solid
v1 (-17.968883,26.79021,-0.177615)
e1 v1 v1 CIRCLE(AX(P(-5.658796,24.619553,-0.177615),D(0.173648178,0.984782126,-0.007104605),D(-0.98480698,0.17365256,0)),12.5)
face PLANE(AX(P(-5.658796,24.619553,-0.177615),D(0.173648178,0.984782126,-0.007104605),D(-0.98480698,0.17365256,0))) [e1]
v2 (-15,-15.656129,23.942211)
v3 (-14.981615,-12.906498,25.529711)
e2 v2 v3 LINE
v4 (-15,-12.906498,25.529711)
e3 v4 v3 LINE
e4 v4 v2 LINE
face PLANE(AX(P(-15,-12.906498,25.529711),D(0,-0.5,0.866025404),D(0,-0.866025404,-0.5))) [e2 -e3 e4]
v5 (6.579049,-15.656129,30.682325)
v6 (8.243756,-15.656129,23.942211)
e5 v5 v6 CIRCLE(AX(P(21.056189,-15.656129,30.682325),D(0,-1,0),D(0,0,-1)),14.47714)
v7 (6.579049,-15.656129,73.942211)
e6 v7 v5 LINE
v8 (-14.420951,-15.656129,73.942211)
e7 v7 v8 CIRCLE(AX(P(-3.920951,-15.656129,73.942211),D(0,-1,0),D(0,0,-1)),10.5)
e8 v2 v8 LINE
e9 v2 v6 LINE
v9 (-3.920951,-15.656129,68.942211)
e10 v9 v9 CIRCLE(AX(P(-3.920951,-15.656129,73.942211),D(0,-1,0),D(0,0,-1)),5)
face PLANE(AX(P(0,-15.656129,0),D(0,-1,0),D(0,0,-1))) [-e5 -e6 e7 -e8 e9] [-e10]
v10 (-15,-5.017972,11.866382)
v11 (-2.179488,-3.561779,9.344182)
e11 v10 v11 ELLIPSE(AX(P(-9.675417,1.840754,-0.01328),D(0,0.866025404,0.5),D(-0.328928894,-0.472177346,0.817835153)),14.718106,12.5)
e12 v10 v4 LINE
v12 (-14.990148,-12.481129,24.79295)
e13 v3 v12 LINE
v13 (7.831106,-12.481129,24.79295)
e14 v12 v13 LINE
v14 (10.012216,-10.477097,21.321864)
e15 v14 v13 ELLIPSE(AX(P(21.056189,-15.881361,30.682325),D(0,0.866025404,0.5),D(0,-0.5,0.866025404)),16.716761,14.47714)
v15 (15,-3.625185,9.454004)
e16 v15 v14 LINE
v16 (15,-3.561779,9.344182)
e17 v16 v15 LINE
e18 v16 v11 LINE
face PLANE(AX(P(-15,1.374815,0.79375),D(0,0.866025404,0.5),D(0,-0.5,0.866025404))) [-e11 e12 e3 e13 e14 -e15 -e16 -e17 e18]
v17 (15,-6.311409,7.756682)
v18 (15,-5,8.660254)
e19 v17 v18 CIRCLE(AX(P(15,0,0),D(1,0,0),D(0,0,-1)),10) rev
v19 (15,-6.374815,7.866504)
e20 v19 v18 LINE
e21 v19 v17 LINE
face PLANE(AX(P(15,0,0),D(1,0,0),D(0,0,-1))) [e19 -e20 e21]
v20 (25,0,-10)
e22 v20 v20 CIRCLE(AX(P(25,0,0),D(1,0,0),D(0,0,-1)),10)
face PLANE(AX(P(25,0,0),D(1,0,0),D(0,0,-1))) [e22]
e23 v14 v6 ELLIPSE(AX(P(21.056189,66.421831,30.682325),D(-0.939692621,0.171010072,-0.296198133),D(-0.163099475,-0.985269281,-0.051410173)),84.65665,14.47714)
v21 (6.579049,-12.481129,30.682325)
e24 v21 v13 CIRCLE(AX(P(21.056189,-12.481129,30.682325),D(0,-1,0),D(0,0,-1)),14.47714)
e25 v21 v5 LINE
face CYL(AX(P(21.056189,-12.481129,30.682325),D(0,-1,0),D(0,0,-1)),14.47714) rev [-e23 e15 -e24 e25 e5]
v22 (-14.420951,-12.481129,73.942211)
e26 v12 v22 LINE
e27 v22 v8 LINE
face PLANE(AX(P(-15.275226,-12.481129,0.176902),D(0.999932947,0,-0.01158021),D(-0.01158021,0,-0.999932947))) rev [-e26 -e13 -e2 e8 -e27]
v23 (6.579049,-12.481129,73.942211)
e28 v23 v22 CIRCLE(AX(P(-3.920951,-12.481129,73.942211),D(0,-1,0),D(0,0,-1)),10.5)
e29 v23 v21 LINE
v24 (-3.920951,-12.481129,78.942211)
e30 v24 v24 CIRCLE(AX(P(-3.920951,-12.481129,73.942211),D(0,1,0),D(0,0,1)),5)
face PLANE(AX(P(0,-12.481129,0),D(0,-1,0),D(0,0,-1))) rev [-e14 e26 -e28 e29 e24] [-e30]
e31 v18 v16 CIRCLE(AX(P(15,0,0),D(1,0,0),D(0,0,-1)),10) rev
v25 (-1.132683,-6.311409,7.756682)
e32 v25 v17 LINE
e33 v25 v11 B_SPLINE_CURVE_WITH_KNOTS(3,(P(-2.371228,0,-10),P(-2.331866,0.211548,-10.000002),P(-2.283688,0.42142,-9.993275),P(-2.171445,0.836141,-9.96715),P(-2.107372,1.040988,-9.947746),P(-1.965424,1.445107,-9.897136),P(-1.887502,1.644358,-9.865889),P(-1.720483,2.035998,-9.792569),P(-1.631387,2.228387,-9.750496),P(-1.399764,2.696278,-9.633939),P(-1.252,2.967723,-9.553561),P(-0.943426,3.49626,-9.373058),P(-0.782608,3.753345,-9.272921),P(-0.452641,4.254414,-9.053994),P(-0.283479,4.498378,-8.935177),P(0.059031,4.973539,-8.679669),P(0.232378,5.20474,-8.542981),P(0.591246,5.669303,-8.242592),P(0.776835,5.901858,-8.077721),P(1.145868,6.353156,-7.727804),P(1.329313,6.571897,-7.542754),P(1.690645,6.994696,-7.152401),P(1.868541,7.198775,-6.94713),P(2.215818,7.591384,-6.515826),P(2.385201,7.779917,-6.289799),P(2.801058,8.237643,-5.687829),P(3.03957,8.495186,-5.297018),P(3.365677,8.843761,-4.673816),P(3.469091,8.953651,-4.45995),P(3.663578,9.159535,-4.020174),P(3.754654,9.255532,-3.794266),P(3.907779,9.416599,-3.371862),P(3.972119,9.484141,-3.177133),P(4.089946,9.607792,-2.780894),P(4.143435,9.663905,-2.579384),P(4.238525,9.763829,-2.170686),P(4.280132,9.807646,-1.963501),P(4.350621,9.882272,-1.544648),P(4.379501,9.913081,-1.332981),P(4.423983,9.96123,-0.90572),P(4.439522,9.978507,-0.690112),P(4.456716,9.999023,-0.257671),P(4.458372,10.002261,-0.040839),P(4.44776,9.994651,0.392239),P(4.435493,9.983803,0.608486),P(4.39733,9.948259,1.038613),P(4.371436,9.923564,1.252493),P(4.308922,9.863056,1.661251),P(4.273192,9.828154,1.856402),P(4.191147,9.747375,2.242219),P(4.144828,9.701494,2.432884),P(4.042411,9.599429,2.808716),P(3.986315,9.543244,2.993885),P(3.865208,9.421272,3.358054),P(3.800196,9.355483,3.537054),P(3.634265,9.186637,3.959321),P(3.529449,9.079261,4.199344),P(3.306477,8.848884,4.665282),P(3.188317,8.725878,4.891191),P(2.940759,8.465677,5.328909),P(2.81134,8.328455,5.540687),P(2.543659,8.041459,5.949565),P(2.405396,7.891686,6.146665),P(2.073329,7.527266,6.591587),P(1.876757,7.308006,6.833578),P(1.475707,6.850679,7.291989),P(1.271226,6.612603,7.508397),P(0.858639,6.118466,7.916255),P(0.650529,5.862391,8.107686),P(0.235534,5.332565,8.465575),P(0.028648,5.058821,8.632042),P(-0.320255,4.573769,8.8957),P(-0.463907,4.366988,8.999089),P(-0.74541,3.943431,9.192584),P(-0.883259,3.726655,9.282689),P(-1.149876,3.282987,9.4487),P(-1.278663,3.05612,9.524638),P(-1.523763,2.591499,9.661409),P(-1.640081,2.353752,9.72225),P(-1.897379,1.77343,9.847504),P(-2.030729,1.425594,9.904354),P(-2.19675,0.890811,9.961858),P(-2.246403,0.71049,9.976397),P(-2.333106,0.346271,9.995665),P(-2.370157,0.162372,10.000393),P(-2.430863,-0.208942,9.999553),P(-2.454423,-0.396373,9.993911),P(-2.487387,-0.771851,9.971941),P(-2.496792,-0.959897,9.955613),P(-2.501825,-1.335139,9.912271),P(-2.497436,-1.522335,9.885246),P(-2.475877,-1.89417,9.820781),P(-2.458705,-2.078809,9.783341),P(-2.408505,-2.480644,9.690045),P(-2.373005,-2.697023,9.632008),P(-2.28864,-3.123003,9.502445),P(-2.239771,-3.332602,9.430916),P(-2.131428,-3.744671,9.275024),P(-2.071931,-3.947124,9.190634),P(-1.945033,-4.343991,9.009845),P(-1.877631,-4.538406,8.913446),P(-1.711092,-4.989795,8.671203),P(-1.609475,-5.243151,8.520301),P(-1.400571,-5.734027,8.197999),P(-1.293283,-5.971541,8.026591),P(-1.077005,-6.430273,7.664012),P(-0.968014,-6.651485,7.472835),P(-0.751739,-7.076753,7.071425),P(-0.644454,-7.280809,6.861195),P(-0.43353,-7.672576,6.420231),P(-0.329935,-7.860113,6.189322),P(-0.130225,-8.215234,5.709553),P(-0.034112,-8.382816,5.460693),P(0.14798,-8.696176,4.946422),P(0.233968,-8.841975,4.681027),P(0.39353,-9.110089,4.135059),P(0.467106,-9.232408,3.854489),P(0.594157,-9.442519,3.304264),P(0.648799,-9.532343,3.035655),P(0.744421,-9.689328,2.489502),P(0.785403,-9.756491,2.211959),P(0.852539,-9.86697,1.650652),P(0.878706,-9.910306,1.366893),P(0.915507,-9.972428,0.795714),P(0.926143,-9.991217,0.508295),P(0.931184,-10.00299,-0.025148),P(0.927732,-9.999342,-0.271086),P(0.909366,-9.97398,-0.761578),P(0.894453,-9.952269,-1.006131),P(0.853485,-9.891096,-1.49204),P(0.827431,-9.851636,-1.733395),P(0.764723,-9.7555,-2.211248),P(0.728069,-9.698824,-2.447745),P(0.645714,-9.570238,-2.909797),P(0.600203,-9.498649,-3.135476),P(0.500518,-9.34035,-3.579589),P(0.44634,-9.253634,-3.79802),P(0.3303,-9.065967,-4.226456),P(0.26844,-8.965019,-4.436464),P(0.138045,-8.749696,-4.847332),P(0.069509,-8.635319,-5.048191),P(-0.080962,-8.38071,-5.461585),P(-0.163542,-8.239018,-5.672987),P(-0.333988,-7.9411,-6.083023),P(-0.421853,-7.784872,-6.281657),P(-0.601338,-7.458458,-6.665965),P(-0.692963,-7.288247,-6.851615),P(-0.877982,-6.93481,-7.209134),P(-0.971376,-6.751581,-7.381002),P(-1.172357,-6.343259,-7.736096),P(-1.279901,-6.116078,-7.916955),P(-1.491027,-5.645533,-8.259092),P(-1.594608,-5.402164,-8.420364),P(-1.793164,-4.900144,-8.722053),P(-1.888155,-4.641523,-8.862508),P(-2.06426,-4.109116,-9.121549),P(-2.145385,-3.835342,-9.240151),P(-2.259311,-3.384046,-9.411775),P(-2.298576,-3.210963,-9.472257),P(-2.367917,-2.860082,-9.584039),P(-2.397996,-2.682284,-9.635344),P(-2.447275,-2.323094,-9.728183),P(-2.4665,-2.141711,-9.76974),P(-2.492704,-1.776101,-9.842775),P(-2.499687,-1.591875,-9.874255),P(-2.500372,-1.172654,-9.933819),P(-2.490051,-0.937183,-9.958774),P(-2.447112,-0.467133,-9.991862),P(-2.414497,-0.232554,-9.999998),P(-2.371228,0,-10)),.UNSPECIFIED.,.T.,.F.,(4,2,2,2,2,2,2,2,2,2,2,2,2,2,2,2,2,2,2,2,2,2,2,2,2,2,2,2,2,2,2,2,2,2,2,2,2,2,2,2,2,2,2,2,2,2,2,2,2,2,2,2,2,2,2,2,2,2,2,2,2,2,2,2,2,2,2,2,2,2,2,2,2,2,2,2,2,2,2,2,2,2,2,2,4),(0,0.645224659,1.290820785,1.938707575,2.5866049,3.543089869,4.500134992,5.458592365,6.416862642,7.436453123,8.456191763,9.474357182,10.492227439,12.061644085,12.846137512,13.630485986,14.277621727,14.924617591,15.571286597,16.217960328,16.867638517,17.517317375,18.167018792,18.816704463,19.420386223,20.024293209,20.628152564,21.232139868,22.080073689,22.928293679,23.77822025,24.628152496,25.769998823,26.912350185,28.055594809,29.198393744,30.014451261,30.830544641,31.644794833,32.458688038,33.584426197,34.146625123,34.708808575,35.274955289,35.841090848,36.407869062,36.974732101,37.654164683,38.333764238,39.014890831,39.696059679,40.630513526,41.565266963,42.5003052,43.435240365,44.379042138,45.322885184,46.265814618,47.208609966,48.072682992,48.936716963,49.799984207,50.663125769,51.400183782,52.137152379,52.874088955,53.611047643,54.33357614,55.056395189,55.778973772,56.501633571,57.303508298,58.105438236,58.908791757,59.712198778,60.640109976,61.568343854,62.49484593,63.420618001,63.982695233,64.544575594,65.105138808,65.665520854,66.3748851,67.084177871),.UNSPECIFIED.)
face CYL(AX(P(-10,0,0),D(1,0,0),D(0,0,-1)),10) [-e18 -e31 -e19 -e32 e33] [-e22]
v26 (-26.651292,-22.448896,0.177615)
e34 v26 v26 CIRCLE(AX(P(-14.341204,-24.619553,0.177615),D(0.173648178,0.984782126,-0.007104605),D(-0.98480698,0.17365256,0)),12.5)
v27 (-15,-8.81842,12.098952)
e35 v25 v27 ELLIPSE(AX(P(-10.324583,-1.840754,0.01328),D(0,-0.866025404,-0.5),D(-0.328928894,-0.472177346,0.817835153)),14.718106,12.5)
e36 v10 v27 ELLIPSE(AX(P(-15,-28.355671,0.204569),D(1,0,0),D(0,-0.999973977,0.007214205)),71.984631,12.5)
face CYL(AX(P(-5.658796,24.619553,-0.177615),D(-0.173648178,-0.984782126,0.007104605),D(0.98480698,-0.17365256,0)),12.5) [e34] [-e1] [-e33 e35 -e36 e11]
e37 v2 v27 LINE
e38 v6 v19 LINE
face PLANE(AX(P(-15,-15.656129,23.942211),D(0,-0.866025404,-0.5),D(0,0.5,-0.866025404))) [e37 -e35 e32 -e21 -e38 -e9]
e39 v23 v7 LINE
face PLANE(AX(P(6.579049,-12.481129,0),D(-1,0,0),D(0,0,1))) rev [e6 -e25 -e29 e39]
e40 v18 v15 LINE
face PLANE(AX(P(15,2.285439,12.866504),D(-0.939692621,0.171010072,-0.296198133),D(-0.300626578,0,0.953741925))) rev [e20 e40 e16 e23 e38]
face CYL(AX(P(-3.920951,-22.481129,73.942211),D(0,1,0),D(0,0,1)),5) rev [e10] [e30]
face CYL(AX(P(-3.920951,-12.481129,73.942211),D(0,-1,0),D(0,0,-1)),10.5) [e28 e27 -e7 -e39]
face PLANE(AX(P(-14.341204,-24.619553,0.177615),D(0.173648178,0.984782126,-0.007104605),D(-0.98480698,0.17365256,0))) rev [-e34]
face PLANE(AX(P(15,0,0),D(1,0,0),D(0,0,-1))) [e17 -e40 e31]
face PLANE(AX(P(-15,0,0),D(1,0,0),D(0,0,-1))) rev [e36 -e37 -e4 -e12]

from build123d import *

# Parameters (mm, degrees)
BOSS_EXTRUDE1_DEPTH      = 25
BOSS_EXTRUDE1_DEPTH_BACK = 10
SKETCH1_R                = 10
SKETCH2_R                = 12.5
BOSS_EXTRUDE2_DEPTH      = 25
BOSS_EXTRUDE3_DEPTH      = 15
BOSS_EXTRUDE3_DEPTH_BACK = 15
CUT_EXTRUDE1_DEPTH       = 10
BOSS_EXTRUDE4_DEPTH      = 3.175
CUT_EXTRUDE2_DEPTH       = 10
SKETCH11_R               = 5
CUT_EXTRUDE6_DEPTH       = 10


with BuildPart() as part:
    # Sketch1 → Boss-Extrude1 (new, two sides: drawn at the far end of the back side and taken through both)
    with BuildSketch(Plane(origin=(0, 0, 0), x_dir=(0, 0, -1), z_dir=(1, 0, 0)).offset(-BOSS_EXTRUDE1_DEPTH_BACK)):
        Circle(SKETCH1_R)
    extrude(amount=BOSS_EXTRUDE1_DEPTH + BOSS_EXTRUDE1_DEPTH_BACK)

    # Sketch2 → Boss-Extrude2 (add, symmetric)
    with BuildSketch(Plane(origin=(-10, 0, 0), x_dir=(0.9848069802426886, -0.173652560203633, 1.5808464272800858e-08), z_dir=(0.17364817766692736, 0.9847821256419462, -0.007104604780387524))):
        Circle(SKETCH2_R)
    extrude(amount=BOSS_EXTRUDE2_DEPTH, both=True)

    # Sketch5 → Boss-Extrude3 (add, two sides: drawn at the far end of the back side and taken through both)
    with BuildSketch(Plane(origin=(0, 0, 0), x_dir=(0, 0, -1), z_dir=(1, 0, 0)).offset(-BOSS_EXTRUDE3_DEPTH_BACK)):
        Polygon((0.79375, -1.374815329), (-0.79375, 1.374815329), (-25.529710951, -12.906498385), (-23.942210951, -15.656129042), align=None)
    extrude(amount=BOSS_EXTRUDE3_DEPTH + BOSS_EXTRUDE3_DEPTH_BACK)

    # Sketch6 → Cut-Extrude1 (cut)
    with BuildSketch(Plane(origin=(0, -1.374815329, -0.79375), x_dir=(1, 0, 0), z_dir=(0, -0.8660254037844415, -0.4999999999999954))):
        Polygon((15, 28.562627427), (15, 10), (8.243756147, 28.562627427), align=None)
    extrude(amount=-CUT_EXTRUDE1_DEPTH, mode=Mode.SUBTRACT)

    # Sketch7 → Boss-Extrude4 (add)
    with BuildSketch(Plane.XZ.offset(15.656129042)):
        with BuildLine():
            Line((-14.420950658, 73.942210951), (-15, 23.942210951))
            Line((-15, 23.942210951), (8.243756147, 23.942210951))
            ThreePointArc((8.243756147, 23.942210951), (7.001386396, 27.211000098), (6.579049342, 30.68232499))
            Line((6.579049342, 30.68232499), (6.579049342, 73.942210951))
            ThreePointArc((6.579049342, 73.942210951), (-3.920950658, 84.442210951), (-14.420950658, 73.942210951))
        make_face()
    extrude(amount=-BOSS_EXTRUDE4_DEPTH)

    # Sketch9 → Cut-Extrude2 (cut)
    with BuildSketch(Plane.XZ.offset(15.656129042)):
        with BuildLine():
            Line((17.296769939, 44.662823633), (24.815608182, 16.701826347))
            ThreePointArc((24.815608182, 16.701826347), (7.075690418, 26.922905868), (17.296769939, 44.662823633))
        make_face()
    extrude(amount=-CUT_EXTRUDE2_DEPTH, mode=Mode.SUBTRACT)

    # Sketch11 → Cut-Extrude6 (cut)
    with BuildSketch(Plane(origin=(0, -12.481129042, 0), x_dir=(1, 0, 0), z_dir=(0, 1, 0))):
        with Locations((-3.920950658, -73.942210951)):
            Circle(SKETCH11_R)
    extrude(amount=-CUT_EXTRUDE6_DEPTH, mode=Mode.SUBTRACT)


solid = part.part
